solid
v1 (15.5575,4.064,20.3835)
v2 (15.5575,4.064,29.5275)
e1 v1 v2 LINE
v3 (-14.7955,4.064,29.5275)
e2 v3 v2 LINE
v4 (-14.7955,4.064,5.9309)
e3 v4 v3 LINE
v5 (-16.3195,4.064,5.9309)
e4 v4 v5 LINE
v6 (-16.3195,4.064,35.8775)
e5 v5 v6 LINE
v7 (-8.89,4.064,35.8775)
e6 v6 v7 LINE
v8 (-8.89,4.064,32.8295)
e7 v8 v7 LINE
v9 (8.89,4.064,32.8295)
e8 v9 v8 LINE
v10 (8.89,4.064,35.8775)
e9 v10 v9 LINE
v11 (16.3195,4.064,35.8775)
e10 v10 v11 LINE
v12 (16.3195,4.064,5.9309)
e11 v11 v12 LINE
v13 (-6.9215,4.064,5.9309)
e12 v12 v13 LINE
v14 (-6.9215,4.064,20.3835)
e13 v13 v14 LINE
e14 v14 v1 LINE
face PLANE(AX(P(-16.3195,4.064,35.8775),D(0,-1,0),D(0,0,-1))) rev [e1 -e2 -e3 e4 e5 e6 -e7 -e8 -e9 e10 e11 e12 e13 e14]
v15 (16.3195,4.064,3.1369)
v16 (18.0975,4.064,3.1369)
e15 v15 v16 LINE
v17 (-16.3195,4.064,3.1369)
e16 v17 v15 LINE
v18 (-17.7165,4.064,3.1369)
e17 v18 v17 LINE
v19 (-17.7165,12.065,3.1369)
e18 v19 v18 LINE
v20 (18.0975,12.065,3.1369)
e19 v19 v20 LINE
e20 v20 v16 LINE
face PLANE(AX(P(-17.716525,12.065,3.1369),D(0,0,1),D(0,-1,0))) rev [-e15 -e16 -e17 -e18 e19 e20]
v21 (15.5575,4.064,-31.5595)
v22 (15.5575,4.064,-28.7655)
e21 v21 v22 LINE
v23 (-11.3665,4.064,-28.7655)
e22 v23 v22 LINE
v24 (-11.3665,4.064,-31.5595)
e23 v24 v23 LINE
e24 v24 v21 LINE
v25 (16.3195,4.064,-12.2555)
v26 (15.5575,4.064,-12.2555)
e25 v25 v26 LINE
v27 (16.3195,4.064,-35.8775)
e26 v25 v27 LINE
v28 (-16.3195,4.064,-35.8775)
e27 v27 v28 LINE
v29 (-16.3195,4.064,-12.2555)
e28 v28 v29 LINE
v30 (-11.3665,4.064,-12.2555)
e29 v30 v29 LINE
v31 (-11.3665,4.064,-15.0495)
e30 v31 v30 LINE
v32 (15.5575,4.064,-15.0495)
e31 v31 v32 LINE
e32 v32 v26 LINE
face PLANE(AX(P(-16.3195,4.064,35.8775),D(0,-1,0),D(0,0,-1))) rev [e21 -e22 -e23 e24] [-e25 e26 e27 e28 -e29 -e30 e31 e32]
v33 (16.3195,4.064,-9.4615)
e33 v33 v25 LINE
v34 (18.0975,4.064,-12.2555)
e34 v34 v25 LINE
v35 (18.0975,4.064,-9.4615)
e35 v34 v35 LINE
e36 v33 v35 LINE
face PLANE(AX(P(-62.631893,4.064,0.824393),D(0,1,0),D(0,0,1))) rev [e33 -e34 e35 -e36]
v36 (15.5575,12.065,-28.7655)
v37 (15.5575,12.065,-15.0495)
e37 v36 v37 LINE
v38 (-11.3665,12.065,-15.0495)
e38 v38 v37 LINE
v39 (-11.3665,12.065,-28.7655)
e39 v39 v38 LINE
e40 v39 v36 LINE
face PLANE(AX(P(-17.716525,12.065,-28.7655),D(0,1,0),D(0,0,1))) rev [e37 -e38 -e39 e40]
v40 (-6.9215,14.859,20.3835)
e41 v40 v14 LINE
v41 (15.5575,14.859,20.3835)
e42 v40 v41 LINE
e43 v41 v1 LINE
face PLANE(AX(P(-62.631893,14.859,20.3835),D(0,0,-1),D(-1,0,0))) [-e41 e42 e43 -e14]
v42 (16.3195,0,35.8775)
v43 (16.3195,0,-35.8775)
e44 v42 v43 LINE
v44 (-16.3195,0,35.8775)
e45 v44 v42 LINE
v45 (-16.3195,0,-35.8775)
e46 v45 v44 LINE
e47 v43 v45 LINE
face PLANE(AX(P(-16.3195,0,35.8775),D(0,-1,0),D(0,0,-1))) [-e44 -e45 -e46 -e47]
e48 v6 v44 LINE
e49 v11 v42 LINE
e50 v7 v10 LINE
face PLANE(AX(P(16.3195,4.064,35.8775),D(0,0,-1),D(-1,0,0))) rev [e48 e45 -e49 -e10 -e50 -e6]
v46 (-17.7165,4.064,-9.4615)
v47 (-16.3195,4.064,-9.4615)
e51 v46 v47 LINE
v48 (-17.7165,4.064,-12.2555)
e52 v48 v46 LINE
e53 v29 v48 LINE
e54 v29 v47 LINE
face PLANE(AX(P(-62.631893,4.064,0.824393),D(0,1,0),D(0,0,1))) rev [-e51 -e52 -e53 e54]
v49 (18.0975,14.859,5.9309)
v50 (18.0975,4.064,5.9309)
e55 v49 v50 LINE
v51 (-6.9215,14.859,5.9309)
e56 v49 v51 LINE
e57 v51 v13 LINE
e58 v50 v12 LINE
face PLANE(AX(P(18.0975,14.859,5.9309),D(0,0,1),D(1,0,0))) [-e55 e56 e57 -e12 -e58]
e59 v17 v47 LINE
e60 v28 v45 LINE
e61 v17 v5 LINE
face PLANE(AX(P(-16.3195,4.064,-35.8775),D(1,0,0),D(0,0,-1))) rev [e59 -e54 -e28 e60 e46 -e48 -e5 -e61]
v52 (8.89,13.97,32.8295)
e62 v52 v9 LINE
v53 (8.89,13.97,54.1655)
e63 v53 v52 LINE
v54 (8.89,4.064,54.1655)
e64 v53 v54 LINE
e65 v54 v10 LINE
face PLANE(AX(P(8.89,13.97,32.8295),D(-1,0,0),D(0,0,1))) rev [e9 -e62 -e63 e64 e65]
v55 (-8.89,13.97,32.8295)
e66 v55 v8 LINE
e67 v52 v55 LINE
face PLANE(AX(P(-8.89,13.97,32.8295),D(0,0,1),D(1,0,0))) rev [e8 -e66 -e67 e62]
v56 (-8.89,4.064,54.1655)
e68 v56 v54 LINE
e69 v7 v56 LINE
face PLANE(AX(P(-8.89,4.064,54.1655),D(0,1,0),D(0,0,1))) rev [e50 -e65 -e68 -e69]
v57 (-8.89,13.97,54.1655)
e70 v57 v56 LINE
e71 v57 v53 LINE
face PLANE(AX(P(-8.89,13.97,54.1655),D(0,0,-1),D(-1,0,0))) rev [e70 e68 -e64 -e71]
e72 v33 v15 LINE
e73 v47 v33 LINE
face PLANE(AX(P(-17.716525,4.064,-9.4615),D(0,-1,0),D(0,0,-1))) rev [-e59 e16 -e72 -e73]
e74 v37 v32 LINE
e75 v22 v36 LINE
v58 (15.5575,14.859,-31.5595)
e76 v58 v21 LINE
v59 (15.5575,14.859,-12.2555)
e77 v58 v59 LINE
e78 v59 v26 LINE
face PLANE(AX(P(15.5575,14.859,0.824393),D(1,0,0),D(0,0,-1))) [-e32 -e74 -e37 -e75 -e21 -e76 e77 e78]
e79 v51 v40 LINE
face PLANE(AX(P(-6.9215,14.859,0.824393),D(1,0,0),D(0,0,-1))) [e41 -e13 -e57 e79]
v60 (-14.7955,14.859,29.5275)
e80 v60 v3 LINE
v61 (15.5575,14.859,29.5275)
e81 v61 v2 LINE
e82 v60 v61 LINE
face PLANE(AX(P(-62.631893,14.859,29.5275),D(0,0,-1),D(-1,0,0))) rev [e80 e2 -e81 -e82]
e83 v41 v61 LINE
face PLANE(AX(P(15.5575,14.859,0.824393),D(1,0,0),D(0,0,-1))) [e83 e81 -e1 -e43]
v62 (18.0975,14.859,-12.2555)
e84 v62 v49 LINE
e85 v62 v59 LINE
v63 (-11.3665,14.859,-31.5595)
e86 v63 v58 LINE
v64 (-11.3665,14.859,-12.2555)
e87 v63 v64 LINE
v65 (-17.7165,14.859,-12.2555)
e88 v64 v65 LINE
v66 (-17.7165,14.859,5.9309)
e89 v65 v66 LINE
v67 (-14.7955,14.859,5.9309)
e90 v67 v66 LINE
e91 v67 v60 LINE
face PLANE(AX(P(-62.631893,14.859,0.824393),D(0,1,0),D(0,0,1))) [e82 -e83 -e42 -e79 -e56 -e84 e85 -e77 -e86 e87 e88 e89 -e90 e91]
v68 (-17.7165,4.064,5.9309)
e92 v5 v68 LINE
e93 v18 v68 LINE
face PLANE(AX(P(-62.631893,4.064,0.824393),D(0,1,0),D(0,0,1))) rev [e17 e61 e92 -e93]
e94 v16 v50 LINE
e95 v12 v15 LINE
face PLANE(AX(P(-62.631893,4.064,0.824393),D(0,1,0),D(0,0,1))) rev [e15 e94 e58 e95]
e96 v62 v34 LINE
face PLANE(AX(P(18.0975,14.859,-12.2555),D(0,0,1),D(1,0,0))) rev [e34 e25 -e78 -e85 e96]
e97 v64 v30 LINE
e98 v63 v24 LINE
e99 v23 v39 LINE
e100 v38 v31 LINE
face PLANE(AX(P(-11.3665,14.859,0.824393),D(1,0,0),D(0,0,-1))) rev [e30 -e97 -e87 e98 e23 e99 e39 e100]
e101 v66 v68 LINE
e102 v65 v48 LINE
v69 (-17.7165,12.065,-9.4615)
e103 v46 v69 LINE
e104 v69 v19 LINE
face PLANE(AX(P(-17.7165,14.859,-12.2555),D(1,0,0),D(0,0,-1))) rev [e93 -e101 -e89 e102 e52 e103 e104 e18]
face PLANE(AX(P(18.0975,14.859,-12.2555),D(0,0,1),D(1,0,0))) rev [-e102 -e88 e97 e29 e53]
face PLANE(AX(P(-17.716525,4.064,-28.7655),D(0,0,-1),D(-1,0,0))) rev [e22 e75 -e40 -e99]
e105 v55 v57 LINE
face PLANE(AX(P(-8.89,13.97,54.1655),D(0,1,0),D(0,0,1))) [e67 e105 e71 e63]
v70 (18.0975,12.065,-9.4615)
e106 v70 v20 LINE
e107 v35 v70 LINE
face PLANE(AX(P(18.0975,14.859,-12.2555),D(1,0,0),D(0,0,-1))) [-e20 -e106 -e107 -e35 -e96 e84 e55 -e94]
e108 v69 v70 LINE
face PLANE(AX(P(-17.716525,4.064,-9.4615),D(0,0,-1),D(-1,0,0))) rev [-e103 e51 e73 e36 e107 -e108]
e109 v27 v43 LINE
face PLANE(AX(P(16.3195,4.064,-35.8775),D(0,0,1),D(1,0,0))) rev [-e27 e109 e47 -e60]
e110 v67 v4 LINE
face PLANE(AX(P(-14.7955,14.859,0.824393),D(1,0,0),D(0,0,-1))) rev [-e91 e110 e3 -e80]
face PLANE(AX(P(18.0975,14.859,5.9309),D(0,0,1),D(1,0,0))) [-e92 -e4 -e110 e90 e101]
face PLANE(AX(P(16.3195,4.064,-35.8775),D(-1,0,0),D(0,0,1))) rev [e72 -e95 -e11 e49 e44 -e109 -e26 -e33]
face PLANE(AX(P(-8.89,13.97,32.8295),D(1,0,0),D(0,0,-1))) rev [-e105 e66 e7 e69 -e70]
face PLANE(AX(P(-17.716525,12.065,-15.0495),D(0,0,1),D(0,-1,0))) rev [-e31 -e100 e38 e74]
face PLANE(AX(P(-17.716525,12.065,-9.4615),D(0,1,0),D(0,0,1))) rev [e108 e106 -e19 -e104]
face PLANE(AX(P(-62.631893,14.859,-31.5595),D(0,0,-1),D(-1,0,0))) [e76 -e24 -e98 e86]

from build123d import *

# Parameters (mm, degrees)
SKETCH1_W               = 32.639
SKETCH1_H               = 71.755
BOSS_EXTRUDE1_DEPTH     = 4.064
BOSS_EXTRUDE2_DEPTH     = 10.795
SKETCH3_W               = 17.78
SKETCH3_H               = 21.336
BOSS_EXTRUDE3_DEPTH     = 9.906
CUT_EXTRUDE1_DEPTH      = 66.282848799
CUT_EXTRUDE1_DEPTH_BACK = 66.282848799
SKETCH4_W               = 13.716
SKETCH4_H               = 8.001
SKETCH4_W_2             = 12.5984


with BuildPart() as part:
    # Sketch1 → Boss-Extrude1 (new body)
    with BuildSketch(Plane(origin=(0, 0, 0), x_dir=(1, 0, 0), z_dir=(0, 1, 0))):
        Rectangle(SKETCH1_W, SKETCH1_H)
    extrude(amount=BOSS_EXTRUDE1_DEPTH)

    # Sketch2 → Boss-Extrude2 (add)
    with BuildSketch(Plane(origin=(0, 4.064, 0), x_dir=(1, 0, 0), z_dir=(0, 1, 0))):
        Polygon((15.5575, 31.5595), (-11.3665, 31.5595), (-11.3665, 12.2555), (-17.7165, 12.2555), (-17.7165, -5.9309), (-14.7955, -5.9309), (-14.7955, -29.5275), (15.5575, -29.5275), (15.5575, -20.3835), (-6.9215, -20.3835), (-6.9215, -5.9309), (18.0975, -5.9309), (18.0975, 12.2555), (15.5575, 12.2555), align=None)
    extrude(amount=BOSS_EXTRUDE2_DEPTH)

    # Sketch3 → Boss-Extrude3 (add)
    with BuildSketch(Plane(origin=(0, 4.064, 0), x_dir=(1, 0, 0), z_dir=(0, 1, 0))):
        with Locations((0, -43.4975)):
            Rectangle(SKETCH3_W, SKETCH3_H)
    extrude(amount=BOSS_EXTRUDE3_DEPTH)

    # Sketch4 → Cut-Extrude1 (cut, two sides: drawn at the far end of the back side and taken through both)
    with BuildSketch(Plane(origin=(15.5575, 0, 0), x_dir=(0, 0, -1), z_dir=(1, 0, 0)).offset(-CUT_EXTRUDE1_DEPTH_BACK)):
        with Locations((21.9075, 8.0645)):
            Rectangle(SKETCH4_W, SKETCH4_H)
        with Locations((3.1623, 8.0645)):
            Rectangle(SKETCH4_W_2, SKETCH4_H)
    extrude(amount=CUT_EXTRUDE1_DEPTH + CUT_EXTRUDE1_DEPTH_BACK, mode=Mode.SUBTRACT)


solid = part.part
